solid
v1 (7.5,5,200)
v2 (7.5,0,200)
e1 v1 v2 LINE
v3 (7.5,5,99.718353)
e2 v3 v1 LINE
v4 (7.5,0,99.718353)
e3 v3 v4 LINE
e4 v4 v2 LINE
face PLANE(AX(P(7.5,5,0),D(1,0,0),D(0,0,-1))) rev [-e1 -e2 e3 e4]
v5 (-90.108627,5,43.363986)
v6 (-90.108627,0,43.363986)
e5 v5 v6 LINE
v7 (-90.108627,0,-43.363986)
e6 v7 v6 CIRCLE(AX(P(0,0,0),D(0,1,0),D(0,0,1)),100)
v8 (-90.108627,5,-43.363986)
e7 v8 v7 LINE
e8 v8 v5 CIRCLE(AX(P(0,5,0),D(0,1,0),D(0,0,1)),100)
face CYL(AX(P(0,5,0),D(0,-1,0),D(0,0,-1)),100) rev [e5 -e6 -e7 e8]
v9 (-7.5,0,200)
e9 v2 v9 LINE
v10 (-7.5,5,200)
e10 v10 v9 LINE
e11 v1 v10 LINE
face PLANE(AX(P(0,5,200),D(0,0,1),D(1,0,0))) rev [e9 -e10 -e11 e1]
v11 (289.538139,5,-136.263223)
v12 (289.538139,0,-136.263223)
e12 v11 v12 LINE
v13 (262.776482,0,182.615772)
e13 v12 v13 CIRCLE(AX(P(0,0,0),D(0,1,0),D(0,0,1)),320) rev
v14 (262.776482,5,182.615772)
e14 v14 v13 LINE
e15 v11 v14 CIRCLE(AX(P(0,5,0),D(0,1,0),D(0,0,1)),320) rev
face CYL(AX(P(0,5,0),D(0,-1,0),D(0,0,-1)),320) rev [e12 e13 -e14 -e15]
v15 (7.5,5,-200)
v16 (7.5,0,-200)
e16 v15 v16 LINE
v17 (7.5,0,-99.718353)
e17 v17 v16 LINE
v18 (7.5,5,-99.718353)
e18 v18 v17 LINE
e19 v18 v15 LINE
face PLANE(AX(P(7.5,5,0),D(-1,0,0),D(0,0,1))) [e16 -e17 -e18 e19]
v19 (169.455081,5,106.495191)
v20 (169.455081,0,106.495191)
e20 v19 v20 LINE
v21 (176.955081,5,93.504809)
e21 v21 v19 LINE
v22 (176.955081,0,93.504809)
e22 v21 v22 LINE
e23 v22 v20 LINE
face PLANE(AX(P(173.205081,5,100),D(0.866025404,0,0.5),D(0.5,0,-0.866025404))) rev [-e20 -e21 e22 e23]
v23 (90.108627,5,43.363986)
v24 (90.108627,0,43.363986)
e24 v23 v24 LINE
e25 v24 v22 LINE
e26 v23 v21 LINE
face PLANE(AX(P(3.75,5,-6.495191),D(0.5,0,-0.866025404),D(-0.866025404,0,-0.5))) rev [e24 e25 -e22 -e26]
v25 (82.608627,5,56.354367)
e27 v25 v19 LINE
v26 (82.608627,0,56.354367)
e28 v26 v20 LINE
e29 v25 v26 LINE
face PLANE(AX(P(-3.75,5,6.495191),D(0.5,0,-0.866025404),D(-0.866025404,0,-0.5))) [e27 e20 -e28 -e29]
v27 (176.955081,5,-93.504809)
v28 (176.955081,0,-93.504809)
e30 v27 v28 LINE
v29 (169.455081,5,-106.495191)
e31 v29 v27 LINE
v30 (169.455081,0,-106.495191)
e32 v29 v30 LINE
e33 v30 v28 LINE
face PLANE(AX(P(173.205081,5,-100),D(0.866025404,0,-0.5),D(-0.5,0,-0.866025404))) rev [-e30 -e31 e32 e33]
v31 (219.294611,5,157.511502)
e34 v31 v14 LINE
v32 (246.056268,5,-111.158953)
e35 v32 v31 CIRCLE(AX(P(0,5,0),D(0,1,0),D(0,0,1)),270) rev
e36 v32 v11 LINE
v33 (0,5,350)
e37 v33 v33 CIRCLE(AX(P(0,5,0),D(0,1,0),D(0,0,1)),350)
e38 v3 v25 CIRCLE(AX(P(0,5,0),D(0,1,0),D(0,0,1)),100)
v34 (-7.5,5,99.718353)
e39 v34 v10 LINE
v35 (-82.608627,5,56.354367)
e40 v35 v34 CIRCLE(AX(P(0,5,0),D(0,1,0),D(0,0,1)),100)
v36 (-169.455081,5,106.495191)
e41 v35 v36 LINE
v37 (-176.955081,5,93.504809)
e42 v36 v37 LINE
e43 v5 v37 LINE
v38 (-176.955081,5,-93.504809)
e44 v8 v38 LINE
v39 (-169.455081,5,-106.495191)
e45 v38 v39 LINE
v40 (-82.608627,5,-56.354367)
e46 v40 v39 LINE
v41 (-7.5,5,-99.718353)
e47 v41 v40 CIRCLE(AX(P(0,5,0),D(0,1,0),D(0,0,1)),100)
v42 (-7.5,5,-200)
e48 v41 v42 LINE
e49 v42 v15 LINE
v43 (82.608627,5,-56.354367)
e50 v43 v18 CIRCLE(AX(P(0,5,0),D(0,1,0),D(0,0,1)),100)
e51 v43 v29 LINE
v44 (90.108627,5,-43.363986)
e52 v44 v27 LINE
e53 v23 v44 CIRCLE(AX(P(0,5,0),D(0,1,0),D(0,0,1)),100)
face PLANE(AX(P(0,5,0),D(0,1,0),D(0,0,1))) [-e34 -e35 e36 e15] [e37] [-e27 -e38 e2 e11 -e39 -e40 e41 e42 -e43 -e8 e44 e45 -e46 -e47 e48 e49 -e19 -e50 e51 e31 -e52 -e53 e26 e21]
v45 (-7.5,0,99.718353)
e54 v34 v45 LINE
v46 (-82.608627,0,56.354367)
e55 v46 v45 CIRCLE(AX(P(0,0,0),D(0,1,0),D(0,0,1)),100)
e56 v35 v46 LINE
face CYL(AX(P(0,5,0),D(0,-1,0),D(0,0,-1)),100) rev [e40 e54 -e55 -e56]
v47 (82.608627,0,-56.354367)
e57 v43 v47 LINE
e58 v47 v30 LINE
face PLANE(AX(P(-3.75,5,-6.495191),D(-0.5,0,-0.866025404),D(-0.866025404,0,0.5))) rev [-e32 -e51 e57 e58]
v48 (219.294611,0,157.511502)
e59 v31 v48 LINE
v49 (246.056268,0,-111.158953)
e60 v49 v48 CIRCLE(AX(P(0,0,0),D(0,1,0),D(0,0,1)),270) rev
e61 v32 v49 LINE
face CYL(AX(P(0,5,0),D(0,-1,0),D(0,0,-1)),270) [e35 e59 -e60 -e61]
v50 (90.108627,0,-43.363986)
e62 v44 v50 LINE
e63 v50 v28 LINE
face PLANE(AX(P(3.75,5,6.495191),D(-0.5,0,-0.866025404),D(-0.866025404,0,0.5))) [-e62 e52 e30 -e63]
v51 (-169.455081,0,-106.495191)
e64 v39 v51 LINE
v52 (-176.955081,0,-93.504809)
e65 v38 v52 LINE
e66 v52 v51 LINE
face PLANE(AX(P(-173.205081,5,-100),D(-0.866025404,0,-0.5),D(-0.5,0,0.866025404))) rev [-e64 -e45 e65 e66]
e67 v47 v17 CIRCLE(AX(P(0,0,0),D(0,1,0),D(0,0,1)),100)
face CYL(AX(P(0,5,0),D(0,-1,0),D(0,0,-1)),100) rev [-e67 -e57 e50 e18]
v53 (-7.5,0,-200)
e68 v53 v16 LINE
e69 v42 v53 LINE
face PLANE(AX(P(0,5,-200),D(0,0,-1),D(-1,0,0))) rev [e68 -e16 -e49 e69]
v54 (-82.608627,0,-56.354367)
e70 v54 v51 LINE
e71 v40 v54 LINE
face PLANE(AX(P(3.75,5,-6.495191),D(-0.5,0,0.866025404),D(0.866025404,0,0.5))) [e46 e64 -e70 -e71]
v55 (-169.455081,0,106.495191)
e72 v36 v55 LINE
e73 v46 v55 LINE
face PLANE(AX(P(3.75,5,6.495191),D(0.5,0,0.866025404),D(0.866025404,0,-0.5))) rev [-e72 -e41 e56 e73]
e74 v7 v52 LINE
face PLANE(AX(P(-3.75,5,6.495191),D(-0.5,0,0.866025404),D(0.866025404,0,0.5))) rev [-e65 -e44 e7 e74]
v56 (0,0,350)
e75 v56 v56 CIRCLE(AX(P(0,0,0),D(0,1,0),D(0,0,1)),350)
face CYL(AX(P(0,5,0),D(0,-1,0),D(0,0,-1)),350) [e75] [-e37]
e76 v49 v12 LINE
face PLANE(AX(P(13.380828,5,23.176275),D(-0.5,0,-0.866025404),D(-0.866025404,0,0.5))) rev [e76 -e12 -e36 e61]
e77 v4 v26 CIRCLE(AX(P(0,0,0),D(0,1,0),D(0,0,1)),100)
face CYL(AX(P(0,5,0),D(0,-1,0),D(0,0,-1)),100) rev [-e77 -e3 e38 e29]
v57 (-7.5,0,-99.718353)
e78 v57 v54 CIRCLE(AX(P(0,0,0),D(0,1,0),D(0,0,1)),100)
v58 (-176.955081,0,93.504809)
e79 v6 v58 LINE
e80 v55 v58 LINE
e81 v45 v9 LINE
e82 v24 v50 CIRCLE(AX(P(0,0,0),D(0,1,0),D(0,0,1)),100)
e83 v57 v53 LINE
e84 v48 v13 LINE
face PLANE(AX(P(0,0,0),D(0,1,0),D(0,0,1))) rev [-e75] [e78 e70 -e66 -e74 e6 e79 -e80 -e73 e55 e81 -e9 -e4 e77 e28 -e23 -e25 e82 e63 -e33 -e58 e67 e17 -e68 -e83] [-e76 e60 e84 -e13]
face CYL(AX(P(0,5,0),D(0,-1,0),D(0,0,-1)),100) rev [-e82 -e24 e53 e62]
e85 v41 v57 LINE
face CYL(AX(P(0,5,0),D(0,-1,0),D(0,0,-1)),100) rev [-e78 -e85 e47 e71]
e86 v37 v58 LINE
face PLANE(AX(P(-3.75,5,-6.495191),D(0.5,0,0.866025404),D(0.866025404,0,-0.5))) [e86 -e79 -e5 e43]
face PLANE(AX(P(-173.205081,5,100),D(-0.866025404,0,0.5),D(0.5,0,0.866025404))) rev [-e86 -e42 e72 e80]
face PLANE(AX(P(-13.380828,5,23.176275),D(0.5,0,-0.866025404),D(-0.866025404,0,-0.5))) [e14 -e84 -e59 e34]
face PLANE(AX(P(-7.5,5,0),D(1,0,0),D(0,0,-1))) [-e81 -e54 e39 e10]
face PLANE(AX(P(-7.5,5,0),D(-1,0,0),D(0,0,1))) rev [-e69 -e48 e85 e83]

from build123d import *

# Parameters (mm, degrees)
IZIM1_R                     = 350
Y_KSEKLIK_EKSTR_ZYON1_DEPTH = 5


with BuildPart() as part:
    # Çizim1 → Yükseklik-Ekstrüzyon1 (new body)
    with BuildSketch(Plane(origin=(0, 0, 0), x_dir=(1, 0, 0), z_dir=(0, 1, 0))):
        with Locations(Location((0, 0, 0), (0, 0, 270))):
            Circle(IZIM1_R)
        with BuildLine():
            Line((82.608627247, 56.354367216), (169.455080757, 106.495190528))
            Line((169.455080757, 106.495190528), (176.955080757, 93.504809472))
            Line((176.955080757, 93.504809472), (90.108627247, 43.36398616))
            ThreePointArc((90.108627247, 43.36398616), (100, 0), (90.108627247, -43.36398616))
            Line((90.108627247, -43.36398616), (176.955080757, -93.504809472))
            Line((176.955080757, -93.504809472), (169.455080757, -106.495190528))
            Line((169.455080757, -106.495190528), (82.608627247, -56.354367216))
            ThreePointArc((82.608627247, -56.354367216), (50, -86.602540378), (7.5, -99.718353376))
            Line((7.5, -99.718353376), (7.5, -200))
            Line((7.5, -200), (-7.5, -200))
            Line((-7.5, -200), (-7.5, -99.718353376))
            ThreePointArc((-7.5, -99.718353376), (-50, -86.602540378), (-82.608627247, -56.354367216))
            Line((-82.608627247, -56.354367216), (-169.455080757, -106.495190528))
            Line((-169.455080757, -106.495190528), (-176.955080757, -93.504809472))
            Line((-176.955080757, -93.504809472), (-90.108627247, -43.36398616))
            ThreePointArc((-90.108627247, -43.36398616), (-100, 0), (-90.108627247, 43.36398616))
            Line((-90.108627247, 43.36398616), (-176.955080757, 93.504809472))
            Line((-176.955080757, 93.504809472), (-169.455080757, 106.495190528))
            Line((-169.455080757, 106.495190528), (-82.608627247, 56.354367216))
            ThreePointArc((-82.608627247, 56.354367216), (-50, 86.602540378), (-7.5, 99.718353376))
            Line((-7.5, 99.718353376), (-7.5, 200))
            Line((-7.5, 200), (7.5, 200))
            Line((7.5, 200), (7.5, 99.718353376))
            ThreePointArc((7.5, 99.718353376), (50, 86.602540378), (82.608627247, 56.354367216))
        make_face(mode=Mode.SUBTRACT)
        with BuildLine():
            Line((246.056268189, 111.158953237), (289.538139145, 136.263223139))
            ThreePointArc((289.538139145, 136.263223139), (318.878995434, -26.761656733), (262.776482412, -182.615772295))
            Line((262.776482412, -182.615772295), (219.294611456, -157.511502394))
            ThreePointArc((219.294611456, -157.511502394), (268.670455631, -26.761656733), (246.056268189, 111.158953237))
        make_face(mode=Mode.SUBTRACT)
    extrude(amount=Y_KSEKLIK_EKSTR_ZYON1_DEPTH)


solid = part.part
